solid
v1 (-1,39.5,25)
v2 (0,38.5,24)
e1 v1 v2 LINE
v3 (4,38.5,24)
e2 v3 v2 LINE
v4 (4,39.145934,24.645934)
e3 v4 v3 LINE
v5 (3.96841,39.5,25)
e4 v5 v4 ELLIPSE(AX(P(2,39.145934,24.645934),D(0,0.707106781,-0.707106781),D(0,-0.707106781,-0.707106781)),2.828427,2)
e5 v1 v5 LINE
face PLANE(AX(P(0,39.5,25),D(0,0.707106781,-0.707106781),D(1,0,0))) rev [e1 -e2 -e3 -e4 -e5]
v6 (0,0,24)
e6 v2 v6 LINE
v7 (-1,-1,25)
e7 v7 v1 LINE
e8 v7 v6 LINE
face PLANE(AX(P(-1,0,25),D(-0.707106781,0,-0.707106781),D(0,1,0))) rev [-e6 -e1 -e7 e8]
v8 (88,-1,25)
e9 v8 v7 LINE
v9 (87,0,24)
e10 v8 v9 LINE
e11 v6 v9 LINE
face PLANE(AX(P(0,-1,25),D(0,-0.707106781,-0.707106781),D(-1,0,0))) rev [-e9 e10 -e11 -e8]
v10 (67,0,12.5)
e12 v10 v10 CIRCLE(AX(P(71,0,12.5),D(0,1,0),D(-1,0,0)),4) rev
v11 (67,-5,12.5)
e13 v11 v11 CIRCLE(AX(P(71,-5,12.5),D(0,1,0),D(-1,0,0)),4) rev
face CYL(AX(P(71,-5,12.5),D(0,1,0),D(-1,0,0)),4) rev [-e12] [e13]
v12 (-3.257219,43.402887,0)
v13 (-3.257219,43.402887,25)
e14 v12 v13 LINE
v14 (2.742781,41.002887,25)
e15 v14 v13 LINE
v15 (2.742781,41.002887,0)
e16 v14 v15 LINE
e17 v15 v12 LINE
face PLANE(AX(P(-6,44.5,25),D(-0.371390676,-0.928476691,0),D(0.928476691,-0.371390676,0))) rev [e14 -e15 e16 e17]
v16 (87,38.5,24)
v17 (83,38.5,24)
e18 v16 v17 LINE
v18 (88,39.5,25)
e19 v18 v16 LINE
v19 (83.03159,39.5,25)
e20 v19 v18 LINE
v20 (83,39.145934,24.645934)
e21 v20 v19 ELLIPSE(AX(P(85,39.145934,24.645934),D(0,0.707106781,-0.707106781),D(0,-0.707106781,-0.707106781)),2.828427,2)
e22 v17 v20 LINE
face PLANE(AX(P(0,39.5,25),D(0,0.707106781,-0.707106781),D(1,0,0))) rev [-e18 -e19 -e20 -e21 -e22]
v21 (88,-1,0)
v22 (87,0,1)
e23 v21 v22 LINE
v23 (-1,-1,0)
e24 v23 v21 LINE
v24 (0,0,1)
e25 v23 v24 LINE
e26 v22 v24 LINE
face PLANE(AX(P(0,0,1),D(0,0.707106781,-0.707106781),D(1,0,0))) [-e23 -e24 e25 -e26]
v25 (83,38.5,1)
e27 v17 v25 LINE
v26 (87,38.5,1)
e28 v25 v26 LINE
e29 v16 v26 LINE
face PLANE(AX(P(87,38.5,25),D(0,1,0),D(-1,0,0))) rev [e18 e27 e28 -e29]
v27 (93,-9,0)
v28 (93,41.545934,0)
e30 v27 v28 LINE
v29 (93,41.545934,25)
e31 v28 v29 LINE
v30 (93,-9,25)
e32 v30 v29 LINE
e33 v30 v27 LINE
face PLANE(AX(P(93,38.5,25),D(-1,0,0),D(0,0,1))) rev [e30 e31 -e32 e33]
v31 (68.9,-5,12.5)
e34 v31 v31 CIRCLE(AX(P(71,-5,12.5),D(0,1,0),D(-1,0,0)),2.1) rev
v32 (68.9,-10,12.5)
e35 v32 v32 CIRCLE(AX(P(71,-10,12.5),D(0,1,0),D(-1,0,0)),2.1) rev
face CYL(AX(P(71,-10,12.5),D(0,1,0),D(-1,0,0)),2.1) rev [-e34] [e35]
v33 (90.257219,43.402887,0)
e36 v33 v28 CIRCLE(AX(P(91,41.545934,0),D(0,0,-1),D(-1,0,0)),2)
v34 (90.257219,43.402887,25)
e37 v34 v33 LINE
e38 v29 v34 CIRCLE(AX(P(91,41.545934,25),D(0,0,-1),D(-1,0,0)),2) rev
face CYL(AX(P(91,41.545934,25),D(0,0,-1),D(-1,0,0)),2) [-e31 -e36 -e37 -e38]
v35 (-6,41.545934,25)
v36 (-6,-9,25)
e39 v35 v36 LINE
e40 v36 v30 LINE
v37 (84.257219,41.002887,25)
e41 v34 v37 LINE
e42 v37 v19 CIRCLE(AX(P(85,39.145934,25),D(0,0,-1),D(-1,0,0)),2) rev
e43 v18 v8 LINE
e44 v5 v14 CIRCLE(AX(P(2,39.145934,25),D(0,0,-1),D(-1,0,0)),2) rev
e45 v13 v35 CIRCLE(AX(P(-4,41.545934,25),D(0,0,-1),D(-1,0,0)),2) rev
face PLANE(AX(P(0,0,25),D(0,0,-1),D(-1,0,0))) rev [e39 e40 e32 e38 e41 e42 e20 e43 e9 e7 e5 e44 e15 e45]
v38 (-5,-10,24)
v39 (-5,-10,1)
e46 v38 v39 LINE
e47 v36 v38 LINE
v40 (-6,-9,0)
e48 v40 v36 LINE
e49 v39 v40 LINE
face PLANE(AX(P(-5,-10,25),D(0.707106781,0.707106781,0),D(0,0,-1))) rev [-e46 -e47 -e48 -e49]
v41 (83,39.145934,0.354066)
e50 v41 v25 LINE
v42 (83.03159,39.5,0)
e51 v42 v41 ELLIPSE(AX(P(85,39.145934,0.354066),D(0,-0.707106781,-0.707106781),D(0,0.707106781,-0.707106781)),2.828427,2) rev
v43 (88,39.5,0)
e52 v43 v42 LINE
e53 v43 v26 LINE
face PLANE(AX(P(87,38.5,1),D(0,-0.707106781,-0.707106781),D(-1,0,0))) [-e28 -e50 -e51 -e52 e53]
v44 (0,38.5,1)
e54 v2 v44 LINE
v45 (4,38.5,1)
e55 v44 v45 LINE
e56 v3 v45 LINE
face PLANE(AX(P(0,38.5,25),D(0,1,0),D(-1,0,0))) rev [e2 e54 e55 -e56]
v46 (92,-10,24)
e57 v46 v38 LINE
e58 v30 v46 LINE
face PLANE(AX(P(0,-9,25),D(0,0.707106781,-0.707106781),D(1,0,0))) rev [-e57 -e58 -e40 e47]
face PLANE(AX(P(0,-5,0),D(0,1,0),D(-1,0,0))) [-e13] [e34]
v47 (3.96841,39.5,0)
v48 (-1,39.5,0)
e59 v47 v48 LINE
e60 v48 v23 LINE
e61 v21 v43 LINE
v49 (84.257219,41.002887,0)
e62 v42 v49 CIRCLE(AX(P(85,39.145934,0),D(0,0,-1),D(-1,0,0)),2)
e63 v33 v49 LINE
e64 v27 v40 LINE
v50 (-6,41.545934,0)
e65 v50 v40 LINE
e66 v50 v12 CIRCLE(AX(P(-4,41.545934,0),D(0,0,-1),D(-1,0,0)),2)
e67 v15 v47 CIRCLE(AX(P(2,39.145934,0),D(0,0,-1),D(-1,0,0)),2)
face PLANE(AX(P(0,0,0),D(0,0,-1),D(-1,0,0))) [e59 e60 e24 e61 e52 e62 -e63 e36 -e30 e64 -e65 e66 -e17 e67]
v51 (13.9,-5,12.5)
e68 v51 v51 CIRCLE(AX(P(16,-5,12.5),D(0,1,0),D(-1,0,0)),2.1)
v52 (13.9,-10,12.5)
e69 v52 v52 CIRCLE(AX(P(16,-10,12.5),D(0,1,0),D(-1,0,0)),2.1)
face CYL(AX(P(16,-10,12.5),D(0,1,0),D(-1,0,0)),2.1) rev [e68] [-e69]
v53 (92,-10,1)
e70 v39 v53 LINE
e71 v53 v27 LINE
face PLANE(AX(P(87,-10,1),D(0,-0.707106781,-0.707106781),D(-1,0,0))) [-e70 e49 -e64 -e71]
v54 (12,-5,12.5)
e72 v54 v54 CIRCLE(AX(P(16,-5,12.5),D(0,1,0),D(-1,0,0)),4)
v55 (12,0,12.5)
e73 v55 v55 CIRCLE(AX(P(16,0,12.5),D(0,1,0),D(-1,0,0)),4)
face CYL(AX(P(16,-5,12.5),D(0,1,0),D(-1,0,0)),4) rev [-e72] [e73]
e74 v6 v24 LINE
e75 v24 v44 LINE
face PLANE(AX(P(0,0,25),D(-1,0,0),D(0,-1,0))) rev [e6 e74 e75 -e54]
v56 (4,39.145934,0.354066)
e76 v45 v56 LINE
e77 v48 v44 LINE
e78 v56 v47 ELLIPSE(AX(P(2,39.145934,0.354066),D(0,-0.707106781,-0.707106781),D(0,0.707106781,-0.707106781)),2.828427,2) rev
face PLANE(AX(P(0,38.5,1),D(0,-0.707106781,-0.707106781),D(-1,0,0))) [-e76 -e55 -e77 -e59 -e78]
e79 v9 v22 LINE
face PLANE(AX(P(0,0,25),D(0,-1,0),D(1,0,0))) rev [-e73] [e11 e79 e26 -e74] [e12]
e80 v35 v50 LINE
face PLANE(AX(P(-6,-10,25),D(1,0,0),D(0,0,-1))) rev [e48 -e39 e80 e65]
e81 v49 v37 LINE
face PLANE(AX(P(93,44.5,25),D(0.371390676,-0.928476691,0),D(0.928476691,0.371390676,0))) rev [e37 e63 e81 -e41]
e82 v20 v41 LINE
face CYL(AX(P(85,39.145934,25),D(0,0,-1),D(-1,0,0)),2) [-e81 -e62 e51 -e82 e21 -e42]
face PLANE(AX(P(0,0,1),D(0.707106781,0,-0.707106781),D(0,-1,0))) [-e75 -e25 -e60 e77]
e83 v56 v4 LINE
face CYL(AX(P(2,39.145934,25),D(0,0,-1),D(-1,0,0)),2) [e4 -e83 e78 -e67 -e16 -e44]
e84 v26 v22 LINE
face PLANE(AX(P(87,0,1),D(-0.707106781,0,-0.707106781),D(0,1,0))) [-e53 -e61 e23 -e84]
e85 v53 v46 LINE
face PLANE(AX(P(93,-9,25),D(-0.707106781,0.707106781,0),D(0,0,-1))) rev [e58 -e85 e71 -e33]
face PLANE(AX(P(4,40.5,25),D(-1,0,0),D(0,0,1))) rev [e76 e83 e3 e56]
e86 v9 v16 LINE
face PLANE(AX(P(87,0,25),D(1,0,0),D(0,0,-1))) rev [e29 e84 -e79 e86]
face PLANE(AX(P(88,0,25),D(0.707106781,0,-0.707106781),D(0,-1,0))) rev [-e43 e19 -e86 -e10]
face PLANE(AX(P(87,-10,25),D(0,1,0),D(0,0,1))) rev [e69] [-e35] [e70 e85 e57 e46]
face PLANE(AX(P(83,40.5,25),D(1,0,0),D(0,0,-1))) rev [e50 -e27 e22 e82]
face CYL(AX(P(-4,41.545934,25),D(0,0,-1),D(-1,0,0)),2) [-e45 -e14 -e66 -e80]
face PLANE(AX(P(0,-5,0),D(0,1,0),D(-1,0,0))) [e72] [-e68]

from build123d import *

# Parameters (mm, degrees)
BOSS_EXTRUDE1_DEPTH = 25
SKETCH3_R           = 2.1
CUT_EXTRUDE1_DEPTH  = 107.086049978
SKETCH3_3_R         = 4
SKETCH3_3_R_2       = 2.1
CUT_EXTRUDE2_DEPTH  = 5
FILLET1_R           = 2
CHAMFER1_SIZE       = 1


with BuildPart() as part:
    # Sketch2 → Boss-Extrude1 (new body)
    with BuildSketch(Plane.XY):
        Polygon((0, 0), (87, 0), (87, 38.5), (83, 38.5), (83, 40.5), (93, 44.5), (93, 38.5), (93, -10), (87, -10), (0, -10), (-6, -10), (-6, 38.5), (-6, 44.5), (4, 40.5), (4, 38.5), (0, 38.5), align=None)
    extrude(amount=BOSS_EXTRUDE1_DEPTH)

    # Sketch3 → Cut-Extrude1 (cut, through all)
    with BuildSketch(Plane(origin=(0, 0, 0), x_dir=(1, 0, 0), z_dir=(0, 1, 0))):
        with Locations((16, -12.5)):
            Circle(SKETCH3_R)
        with Locations((71, -12.5)):
            Circle(SKETCH3_R)
    extrude(amount=-CUT_EXTRUDE1_DEPTH, mode=Mode.SUBTRACT)

    # Sketch3<3> → Cut-Extrude2 (cut)
    # profile 1 of 2: a face of its own
    with BuildSketch(Plane(origin=(0, 0, 0), x_dir=(1, 0, 0), z_dir=(0, 1, 0))):
        with Locations((16, -12.5)):
            Circle(SKETCH3_3_R)
        with Locations((16, -12.5)):
            Circle(SKETCH3_3_R_2, mode=Mode.SUBTRACT)
    # profile 2 of 2: a face of its own
    with BuildSketch(Plane(origin=(0, 0, 0), x_dir=(1, 0, 0), z_dir=(0, 1, 0))):
        with Locations((71, -12.5)):
            Circle(SKETCH3_3_R)
        with Locations((71, -12.5)):
            Circle(SKETCH3_3_R_2, mode=Mode.SUBTRACT)
    extrude(amount=-CUT_EXTRUDE2_DEPTH, mode=Mode.SUBTRACT)

    # Fillet1
    fillet1_edges = [part.edges().sort_by_distance(p)[0] for p in [
        (-6, 44.5, 12.5),
        (93, 44.5, 12.5),
        (83, 40.5, 12.5),
        (4, 40.5, 12.5),
    ]]
    fillet(fillet1_edges, radius=FILLET1_R)

    # Chamfer1
    chamfer1_edges = [part.edges().sort_by_distance(p)[0] for p in [
        (2, 38.5, 25),
        (0, 19.25, 25),
        (85, 38.5, 25),
        (87, 19.25, 25),
        (43.5, 0, 25),
        (85, 38.5, 0),
        (87, 19.25, 0),
        (43.5, 0, 0),
        (2, 38.5, 0),
        (0, 19.25, 0),
        (93, -10, 12.5),
        (43.5, -10, 0),
        (-6, -10, 12.5),
        (43.5, -10, 25),
    ]]
    chamfer(chamfer1_edges, length=CHAMFER1_SIZE)


solid = part.part
